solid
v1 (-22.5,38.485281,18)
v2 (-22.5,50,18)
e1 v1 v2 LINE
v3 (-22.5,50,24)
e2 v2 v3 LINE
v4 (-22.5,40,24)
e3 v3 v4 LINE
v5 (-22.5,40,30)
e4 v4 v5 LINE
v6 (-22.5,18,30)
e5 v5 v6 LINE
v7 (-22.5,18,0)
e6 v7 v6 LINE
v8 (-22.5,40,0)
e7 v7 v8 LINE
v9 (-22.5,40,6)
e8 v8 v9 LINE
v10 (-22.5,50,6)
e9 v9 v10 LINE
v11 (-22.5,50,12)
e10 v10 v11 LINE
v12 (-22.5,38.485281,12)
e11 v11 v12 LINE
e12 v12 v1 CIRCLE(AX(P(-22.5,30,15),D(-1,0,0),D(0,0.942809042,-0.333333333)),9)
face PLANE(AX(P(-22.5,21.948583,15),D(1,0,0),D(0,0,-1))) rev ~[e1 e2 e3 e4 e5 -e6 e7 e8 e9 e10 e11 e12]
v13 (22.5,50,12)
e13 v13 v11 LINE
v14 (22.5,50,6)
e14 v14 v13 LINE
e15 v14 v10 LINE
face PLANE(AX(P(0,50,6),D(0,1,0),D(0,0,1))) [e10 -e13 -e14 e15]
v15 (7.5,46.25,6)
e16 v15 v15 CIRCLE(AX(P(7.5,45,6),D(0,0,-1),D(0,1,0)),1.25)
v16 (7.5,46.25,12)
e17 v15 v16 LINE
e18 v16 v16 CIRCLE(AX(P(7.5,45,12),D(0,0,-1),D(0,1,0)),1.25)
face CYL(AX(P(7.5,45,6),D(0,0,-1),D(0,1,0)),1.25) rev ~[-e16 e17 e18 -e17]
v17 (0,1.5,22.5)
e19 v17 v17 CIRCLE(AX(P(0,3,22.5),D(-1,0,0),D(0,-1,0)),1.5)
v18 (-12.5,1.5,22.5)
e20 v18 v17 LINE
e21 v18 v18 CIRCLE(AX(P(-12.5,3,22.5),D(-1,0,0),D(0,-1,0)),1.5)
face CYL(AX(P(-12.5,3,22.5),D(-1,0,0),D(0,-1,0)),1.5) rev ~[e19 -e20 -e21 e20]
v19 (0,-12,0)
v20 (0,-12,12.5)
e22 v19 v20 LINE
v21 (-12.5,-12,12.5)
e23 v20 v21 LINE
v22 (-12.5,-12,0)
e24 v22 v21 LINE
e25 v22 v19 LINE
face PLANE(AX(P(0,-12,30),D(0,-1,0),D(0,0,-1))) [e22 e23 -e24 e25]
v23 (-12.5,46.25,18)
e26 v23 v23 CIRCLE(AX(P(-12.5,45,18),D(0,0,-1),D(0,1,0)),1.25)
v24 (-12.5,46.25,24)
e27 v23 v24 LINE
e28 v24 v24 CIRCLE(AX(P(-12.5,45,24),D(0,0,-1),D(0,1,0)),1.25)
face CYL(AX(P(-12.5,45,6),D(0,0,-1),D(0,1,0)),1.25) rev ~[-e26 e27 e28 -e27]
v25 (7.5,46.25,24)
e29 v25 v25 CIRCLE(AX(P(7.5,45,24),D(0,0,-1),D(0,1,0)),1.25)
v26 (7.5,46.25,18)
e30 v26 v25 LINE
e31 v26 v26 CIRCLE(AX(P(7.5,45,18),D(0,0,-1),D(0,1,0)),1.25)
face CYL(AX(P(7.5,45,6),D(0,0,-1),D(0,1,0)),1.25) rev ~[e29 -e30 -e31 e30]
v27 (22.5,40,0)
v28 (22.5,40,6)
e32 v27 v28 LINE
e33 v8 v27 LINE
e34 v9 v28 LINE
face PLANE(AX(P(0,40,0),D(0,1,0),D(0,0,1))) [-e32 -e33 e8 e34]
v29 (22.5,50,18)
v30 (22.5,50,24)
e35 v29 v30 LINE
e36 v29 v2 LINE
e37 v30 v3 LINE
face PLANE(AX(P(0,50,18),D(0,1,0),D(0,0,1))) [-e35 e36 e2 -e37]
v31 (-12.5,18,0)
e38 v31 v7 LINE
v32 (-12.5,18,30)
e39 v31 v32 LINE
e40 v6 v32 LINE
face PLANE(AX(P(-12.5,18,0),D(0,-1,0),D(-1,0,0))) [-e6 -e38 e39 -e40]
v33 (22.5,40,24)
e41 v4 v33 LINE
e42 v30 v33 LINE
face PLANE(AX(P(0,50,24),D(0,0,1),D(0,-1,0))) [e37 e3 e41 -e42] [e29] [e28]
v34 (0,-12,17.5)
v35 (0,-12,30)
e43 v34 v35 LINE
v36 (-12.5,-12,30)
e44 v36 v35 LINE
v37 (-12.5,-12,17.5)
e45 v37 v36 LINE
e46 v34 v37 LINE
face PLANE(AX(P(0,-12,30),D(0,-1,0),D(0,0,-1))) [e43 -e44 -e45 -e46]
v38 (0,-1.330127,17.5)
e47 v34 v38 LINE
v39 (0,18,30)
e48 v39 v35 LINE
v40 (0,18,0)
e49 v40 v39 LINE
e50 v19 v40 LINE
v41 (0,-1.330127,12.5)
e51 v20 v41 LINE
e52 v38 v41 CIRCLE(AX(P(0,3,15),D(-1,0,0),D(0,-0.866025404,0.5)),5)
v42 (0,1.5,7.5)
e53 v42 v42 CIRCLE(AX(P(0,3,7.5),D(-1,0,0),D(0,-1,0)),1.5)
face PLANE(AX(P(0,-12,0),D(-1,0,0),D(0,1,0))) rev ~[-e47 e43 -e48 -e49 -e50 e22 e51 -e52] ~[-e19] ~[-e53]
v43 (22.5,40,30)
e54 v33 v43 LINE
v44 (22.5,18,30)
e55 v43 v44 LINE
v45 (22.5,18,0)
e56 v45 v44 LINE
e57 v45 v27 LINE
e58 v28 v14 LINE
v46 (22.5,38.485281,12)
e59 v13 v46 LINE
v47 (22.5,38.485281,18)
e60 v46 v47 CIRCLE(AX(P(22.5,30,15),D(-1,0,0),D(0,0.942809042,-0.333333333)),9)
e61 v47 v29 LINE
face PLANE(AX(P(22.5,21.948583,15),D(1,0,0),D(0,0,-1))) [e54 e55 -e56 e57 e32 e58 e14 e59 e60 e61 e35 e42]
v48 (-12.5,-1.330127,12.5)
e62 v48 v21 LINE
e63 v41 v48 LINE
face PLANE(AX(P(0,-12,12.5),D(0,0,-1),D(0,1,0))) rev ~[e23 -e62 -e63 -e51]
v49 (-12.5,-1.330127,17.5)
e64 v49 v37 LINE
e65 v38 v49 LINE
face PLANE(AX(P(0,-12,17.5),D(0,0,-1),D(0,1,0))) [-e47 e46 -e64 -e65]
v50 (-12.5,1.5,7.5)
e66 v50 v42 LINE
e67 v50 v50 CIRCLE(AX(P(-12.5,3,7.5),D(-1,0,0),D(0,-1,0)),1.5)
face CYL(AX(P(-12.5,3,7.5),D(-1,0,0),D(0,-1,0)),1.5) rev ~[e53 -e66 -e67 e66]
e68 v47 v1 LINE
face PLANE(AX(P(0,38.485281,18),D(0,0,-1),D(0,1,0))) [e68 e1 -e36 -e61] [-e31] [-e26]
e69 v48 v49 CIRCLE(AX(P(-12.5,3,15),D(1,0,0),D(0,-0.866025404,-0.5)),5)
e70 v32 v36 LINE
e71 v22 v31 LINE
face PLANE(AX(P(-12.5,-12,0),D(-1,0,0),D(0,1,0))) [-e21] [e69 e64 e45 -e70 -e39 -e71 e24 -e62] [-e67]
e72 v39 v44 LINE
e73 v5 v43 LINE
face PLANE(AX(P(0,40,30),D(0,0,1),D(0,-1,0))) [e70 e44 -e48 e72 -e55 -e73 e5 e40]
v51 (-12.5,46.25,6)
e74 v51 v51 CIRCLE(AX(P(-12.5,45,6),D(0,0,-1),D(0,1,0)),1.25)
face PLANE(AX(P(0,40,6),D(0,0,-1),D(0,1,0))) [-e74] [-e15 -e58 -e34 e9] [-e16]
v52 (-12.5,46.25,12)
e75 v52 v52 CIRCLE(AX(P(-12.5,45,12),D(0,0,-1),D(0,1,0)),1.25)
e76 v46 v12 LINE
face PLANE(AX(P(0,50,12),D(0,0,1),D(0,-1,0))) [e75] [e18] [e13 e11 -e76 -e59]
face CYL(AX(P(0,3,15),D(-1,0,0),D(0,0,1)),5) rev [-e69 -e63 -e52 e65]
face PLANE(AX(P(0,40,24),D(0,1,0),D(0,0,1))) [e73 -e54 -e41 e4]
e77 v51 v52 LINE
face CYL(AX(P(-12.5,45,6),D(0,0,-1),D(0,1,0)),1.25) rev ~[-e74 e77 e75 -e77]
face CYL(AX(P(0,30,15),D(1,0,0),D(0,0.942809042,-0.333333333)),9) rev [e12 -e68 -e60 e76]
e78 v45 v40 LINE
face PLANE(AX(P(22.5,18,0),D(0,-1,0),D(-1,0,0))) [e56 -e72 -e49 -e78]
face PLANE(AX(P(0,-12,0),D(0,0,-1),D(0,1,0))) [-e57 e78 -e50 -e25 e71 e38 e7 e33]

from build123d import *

# Parameters (mm, degrees)
SKETCH1_R           = 5
BOSS_EXTRUDE1_DEPTH = 22.5
SKETCH3_W           = 10
SKETCH3_H           = 30
CUT_EXTRUDE1_DEPTH  = 45
SKETCH4_R           = 1.5
CUT_EXTRUDE2_DEPTH  = 45
SKETCH4_3_R         = 1.5
CUT_EXTRUDE3_DEPTH  = 45
SKETCH6_W           = 10
SKETCH6_H           = 30
CUT_EXTRUDE4_DEPTH  = 45
SKETCH7_W           = 12.5
SKETCH7_H           = 30
CUT_EXTRUDE5_DEPTH  = 45
SKETCH8_W           = 5
SKETCH8_H           = 10.669872981
CUT_EXTRUDE6_DEPTH  = 45
SKETCH9_R           = 1.25
CUT_EXTRUDE7_DEPTH  = 150


with BuildPart() as part:
    # Sketch1 → Boss-Extrude1 (new, symmetric)
    with BuildSketch(Plane(origin=(0, 0, 0), x_dir=(0, 0, -1), z_dir=(1, 0, 0))):
        with BuildLine():
            Line((-24, 50), (-24, 40))
            Line((-24, 40), (-30, 40))
            Line((-30, 40), (-30, 0))
            Line((-30, 0), (-30, -12))
            Line((-30, -12), (0, -12))
            Line((0, -12), (0, 0))
            Line((0, 0), (0, 40))
            Line((0, 40), (-6, 40))
            Line((-6, 40), (-6, 50))
            Line((-6, 50), (-12, 50))
            Line((-12, 50), (-12, 38.485281374))
            ThreePointArc((-12, 38.485281374), (-15, 21), (-18, 38.485281374))
            Line((-18, 38.485281374), (-18, 50))
            Line((-18, 50), (-24, 50))
        make_face()
        with Locations((-15, 3)):
            Circle(SKETCH1_R, mode=Mode.SUBTRACT)
    extrude(amount=BOSS_EXTRUDE1_DEPTH, both=True)

    # Sketch3 → Cut-Extrude1 (cut)
    with BuildSketch(Plane(origin=(0, 0, 0), x_dir=(-1, 0, 0), z_dir=(0, 0, -1))):
        with Locations((17.5, 3)):
            Rectangle(SKETCH3_W, SKETCH3_H)
    extrude(amount=-CUT_EXTRUDE1_DEPTH, mode=Mode.SUBTRACT)

    # Sketch4 → Cut-Extrude2 (cut)
    with BuildSketch(Plane.ZY.offset(12.5)):
        with Locations((22.5, 3)):
            Circle(SKETCH4_R)
    extrude(amount=-CUT_EXTRUDE2_DEPTH, mode=Mode.SUBTRACT)

    # Sketch4<3> → Cut-Extrude3 (cut)
    with BuildSketch(Plane.ZY.offset(12.5)):
        with Locations((7.5, 3)):
            Circle(SKETCH4_3_R)
    extrude(amount=-CUT_EXTRUDE3_DEPTH, mode=Mode.SUBTRACT)

    # Sketch6 → Cut-Extrude4 (cut)
    with BuildSketch(Plane(origin=(0, 0, 0), x_dir=(-1, 0, 0), z_dir=(0, 0, -1))):
        with Locations((-5, 3)):
            Rectangle(SKETCH6_W, SKETCH6_H)
    extrude(amount=-CUT_EXTRUDE4_DEPTH, mode=Mode.SUBTRACT)

    # Sketch7 → Cut-Extrude5 (cut)
    with BuildSketch(Plane(origin=(0, 0, 0), x_dir=(-1, 0, 0), z_dir=(0, 0, -1))):
        with Locations((-16.25, 3)):
            Rectangle(SKETCH7_W, SKETCH7_H)
    extrude(amount=-CUT_EXTRUDE5_DEPTH, mode=Mode.SUBTRACT)

    # Sketch8 → Cut-Extrude6 (cut)
    with BuildSketch(Plane(origin=(0, 0, 0), x_dir=(0, 0, -1), z_dir=(1, 0, 0))):
        with Locations((-15, -6.66506351)):
            Rectangle(SKETCH8_W, SKETCH8_H)
    extrude(amount=-CUT_EXTRUDE6_DEPTH, mode=Mode.SUBTRACT)

    # Sketch9 → Cut-Extrude7 (cut)
    with BuildSketch(Plane(origin=(0, 0, 6), x_dir=(-1, 0, 0), z_dir=(0, 0, -1))):
        with Locations((12.5, 45)):
            Circle(SKETCH9_R)
        with Locations((-7.5, 45)):
            Circle(SKETCH9_R)
    extrude(amount=-CUT_EXTRUDE7_DEPTH, mode=Mode.SUBTRACT)


solid = part.part
